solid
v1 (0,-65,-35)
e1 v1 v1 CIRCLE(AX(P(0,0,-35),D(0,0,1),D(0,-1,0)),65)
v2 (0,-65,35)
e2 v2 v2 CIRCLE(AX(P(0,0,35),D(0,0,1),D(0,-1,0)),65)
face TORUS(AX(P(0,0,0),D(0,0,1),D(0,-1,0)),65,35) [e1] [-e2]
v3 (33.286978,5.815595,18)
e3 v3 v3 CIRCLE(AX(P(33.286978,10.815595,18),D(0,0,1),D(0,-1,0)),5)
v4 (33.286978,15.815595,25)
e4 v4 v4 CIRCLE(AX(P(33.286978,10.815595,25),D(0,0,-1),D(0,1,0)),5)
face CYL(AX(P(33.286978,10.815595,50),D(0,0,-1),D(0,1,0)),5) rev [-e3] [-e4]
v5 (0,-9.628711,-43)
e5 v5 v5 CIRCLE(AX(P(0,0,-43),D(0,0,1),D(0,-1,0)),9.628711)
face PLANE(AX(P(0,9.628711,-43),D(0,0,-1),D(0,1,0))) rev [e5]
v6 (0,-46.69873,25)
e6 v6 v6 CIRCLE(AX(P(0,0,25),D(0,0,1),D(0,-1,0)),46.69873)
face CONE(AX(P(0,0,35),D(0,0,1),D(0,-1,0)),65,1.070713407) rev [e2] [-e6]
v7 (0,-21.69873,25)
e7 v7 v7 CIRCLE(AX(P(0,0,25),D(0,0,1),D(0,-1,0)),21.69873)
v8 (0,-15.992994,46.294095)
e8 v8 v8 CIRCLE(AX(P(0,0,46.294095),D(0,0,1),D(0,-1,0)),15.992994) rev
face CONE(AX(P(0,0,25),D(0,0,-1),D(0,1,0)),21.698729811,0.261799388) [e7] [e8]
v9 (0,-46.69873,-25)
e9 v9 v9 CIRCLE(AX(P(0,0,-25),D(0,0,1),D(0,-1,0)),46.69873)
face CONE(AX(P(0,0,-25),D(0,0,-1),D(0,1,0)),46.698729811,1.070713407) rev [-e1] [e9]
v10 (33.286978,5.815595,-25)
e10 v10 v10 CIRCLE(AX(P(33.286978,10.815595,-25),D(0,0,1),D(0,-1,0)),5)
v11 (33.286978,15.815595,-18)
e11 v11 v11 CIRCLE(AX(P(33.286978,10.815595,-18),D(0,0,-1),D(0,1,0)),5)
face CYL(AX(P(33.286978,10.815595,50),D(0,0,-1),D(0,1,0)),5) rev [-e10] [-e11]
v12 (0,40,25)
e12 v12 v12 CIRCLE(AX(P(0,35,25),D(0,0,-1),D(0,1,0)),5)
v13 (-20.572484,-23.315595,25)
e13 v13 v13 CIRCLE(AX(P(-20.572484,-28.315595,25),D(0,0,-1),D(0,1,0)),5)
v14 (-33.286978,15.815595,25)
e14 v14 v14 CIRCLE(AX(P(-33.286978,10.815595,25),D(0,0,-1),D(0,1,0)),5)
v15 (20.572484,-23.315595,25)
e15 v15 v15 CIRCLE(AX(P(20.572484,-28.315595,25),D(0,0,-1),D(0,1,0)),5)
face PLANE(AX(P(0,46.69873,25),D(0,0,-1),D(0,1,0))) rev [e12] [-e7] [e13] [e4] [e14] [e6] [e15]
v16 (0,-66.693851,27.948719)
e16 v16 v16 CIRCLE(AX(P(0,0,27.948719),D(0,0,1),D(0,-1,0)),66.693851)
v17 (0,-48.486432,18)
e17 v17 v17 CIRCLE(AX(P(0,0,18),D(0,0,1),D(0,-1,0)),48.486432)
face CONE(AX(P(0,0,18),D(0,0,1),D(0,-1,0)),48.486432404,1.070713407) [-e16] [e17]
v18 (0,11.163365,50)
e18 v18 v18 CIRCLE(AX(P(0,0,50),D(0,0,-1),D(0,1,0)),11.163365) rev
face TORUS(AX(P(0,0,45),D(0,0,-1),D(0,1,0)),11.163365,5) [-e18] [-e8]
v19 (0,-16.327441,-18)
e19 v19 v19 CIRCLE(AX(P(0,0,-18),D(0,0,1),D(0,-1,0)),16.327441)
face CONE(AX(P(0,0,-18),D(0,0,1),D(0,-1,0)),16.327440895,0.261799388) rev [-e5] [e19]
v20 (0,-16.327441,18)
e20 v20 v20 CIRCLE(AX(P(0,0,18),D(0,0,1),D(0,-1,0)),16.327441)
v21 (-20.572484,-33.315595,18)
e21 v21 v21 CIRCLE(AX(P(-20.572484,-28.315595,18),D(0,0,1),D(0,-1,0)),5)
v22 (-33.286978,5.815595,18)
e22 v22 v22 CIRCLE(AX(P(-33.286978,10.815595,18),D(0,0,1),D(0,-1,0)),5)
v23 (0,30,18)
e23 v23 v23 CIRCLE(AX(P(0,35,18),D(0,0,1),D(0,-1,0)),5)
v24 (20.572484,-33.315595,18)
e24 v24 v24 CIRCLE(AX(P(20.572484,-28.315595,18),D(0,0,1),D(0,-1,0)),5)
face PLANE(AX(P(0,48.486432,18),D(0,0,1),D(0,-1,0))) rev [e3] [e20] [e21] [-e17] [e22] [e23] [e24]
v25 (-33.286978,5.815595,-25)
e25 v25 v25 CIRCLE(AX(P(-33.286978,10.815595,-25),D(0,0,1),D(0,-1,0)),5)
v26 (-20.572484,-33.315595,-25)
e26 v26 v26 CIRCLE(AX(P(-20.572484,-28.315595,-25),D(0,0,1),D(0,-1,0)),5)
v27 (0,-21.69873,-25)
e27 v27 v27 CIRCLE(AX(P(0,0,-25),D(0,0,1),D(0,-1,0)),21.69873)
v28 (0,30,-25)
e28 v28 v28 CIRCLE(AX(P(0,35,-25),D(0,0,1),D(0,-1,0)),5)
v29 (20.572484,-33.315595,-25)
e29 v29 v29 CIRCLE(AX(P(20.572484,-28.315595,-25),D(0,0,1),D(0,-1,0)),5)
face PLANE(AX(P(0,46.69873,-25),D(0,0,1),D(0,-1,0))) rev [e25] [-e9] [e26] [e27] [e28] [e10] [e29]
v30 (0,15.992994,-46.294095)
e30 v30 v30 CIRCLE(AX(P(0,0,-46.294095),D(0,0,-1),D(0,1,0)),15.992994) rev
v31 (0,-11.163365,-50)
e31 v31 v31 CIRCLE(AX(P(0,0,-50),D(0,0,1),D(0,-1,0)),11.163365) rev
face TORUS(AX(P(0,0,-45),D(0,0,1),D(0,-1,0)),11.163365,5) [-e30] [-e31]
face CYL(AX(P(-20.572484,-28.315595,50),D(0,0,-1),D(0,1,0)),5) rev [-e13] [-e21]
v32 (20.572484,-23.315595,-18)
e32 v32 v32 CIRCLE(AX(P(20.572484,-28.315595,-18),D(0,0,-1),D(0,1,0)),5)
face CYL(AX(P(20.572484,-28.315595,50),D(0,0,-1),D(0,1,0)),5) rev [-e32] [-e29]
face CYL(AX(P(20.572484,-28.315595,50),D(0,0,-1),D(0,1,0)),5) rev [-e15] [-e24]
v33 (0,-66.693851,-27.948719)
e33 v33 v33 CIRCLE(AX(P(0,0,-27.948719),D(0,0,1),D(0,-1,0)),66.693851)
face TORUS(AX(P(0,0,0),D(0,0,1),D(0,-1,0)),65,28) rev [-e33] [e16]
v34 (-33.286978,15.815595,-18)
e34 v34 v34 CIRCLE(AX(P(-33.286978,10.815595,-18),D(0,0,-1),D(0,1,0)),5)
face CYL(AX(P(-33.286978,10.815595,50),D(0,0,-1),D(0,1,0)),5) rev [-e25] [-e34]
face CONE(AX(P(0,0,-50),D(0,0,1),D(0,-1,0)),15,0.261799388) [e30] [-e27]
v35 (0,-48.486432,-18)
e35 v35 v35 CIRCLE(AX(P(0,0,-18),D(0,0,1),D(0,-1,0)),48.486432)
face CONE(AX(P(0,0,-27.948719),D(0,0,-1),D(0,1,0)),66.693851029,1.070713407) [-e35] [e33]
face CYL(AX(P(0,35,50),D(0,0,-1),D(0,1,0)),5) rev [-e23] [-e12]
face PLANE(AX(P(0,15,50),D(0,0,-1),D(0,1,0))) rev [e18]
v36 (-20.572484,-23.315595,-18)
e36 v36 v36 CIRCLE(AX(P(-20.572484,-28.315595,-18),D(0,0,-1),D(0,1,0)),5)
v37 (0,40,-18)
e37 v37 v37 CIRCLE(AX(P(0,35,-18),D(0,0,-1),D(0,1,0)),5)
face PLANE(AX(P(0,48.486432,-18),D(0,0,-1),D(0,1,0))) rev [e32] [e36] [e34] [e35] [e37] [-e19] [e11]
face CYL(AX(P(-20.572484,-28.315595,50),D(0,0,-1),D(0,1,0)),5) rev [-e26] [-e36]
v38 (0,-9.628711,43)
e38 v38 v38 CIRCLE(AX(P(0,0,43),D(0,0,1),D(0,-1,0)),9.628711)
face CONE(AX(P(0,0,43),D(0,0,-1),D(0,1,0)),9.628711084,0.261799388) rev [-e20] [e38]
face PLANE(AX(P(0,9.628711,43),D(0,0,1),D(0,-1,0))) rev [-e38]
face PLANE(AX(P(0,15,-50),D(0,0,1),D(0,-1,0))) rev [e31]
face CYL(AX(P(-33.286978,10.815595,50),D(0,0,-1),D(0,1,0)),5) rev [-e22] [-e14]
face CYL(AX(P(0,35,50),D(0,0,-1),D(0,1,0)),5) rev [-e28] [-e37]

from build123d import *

# Parameters (mm, degrees)
CONG_1_R                = 5
ESQUISSE2_R             = 5
ENL_V_MAT_EXTRU_1_DEPTH = 174.205080872


with BuildPart() as part:
    # Esquisse1 → Révolution1 (revolve)
    with BuildSketch(Plane(origin=(0, 0, 0), x_dir=(0, 0, -1), z_dir=(1, 0, 0)), mode=Mode.PRIVATE) as r_volution1_sk:
        with BuildLine():
            Line((-50, 15), (-50, 0))
            Line((-50, 0), (-43, 0))
            Line((-43, 0), (-43, 9.628711084))
            Line((-43, 9.628711084), (-18, 16.327440895))
            Line((-18, 16.327440895), (-18, 48.486432404))
            Line((-18, 48.486432404), (-27.948718552, 66.693851029))
            ThreePointArc((-27.948718552, 66.693851029), (0, 93), (27.948718552, 66.693851029))
            Line((27.948718552, 66.693851029), (18, 48.486432404))
            Line((18, 48.486432404), (18, 16.327440895))
            Line((18, 16.327440895), (43, 9.628711084))
            Line((43, 9.628711084), (43, 0))
            Line((43, 0), (50, 0))
            Line((50, 0), (50, 15))
            Line((50, 15), (25, 21.698729811))
            Line((25, 21.698729811), (25, 46.698729811))
            Line((25, 46.698729811), (35, 65))
            ThreePointArc((35, 65), (0, 100), (-35, 65))
            Line((-35, 65), (-25, 46.698729811))
            Line((-25, 46.698729811), (-25, 21.698729811))
            Line((-25, 21.698729811), (-50, 15))
        make_face()
    revolve(r_volution1_sk.sketch.rotate(Axis((0, 0, 0), (0, 0, -1)), 180), axis=Axis((0, 0, 0), (0, 0, -1)))

    # Congé1
    cong_1_edges = [part.edges().sort_by_distance(p)[0] for p in [
        (0, 15, -50),
        (0, 15, 50),
    ]]
    fillet(cong_1_edges, radius=CONG_1_R)

    # Esquisse2 → Enlèv. mat.-Extru.1 (cut, through all)
    with BuildSketch(Plane(origin=(0, 0, -50), x_dir=(-1, 0, 0), z_dir=(0, 0, -1))):
        with Locations(Location((0, 35, 0), (0, 0, 90))):
            Circle(ESQUISSE2_R)
        with Locations(Location((33.28697807, 10.815594803, 0), (0, 0, 90))):
            Circle(ESQUISSE2_R)
        with Locations(Location((20.57248383, -28.315594803, 0), (0, 0, 90))):
            Circle(ESQUISSE2_R)
        with Locations(Location((-20.57248383, -28.315594803, 0), (0, 0, 90))):
            Circle(ESQUISSE2_R)
        with Locations(Location((-33.28697807, 10.815594803, 0), (0, 0, 90))):
            Circle(ESQUISSE2_R)
    extrude(amount=-ENL_V_MAT_EXTRU_1_DEPTH, mode=Mode.SUBTRACT)


solid = part.part
